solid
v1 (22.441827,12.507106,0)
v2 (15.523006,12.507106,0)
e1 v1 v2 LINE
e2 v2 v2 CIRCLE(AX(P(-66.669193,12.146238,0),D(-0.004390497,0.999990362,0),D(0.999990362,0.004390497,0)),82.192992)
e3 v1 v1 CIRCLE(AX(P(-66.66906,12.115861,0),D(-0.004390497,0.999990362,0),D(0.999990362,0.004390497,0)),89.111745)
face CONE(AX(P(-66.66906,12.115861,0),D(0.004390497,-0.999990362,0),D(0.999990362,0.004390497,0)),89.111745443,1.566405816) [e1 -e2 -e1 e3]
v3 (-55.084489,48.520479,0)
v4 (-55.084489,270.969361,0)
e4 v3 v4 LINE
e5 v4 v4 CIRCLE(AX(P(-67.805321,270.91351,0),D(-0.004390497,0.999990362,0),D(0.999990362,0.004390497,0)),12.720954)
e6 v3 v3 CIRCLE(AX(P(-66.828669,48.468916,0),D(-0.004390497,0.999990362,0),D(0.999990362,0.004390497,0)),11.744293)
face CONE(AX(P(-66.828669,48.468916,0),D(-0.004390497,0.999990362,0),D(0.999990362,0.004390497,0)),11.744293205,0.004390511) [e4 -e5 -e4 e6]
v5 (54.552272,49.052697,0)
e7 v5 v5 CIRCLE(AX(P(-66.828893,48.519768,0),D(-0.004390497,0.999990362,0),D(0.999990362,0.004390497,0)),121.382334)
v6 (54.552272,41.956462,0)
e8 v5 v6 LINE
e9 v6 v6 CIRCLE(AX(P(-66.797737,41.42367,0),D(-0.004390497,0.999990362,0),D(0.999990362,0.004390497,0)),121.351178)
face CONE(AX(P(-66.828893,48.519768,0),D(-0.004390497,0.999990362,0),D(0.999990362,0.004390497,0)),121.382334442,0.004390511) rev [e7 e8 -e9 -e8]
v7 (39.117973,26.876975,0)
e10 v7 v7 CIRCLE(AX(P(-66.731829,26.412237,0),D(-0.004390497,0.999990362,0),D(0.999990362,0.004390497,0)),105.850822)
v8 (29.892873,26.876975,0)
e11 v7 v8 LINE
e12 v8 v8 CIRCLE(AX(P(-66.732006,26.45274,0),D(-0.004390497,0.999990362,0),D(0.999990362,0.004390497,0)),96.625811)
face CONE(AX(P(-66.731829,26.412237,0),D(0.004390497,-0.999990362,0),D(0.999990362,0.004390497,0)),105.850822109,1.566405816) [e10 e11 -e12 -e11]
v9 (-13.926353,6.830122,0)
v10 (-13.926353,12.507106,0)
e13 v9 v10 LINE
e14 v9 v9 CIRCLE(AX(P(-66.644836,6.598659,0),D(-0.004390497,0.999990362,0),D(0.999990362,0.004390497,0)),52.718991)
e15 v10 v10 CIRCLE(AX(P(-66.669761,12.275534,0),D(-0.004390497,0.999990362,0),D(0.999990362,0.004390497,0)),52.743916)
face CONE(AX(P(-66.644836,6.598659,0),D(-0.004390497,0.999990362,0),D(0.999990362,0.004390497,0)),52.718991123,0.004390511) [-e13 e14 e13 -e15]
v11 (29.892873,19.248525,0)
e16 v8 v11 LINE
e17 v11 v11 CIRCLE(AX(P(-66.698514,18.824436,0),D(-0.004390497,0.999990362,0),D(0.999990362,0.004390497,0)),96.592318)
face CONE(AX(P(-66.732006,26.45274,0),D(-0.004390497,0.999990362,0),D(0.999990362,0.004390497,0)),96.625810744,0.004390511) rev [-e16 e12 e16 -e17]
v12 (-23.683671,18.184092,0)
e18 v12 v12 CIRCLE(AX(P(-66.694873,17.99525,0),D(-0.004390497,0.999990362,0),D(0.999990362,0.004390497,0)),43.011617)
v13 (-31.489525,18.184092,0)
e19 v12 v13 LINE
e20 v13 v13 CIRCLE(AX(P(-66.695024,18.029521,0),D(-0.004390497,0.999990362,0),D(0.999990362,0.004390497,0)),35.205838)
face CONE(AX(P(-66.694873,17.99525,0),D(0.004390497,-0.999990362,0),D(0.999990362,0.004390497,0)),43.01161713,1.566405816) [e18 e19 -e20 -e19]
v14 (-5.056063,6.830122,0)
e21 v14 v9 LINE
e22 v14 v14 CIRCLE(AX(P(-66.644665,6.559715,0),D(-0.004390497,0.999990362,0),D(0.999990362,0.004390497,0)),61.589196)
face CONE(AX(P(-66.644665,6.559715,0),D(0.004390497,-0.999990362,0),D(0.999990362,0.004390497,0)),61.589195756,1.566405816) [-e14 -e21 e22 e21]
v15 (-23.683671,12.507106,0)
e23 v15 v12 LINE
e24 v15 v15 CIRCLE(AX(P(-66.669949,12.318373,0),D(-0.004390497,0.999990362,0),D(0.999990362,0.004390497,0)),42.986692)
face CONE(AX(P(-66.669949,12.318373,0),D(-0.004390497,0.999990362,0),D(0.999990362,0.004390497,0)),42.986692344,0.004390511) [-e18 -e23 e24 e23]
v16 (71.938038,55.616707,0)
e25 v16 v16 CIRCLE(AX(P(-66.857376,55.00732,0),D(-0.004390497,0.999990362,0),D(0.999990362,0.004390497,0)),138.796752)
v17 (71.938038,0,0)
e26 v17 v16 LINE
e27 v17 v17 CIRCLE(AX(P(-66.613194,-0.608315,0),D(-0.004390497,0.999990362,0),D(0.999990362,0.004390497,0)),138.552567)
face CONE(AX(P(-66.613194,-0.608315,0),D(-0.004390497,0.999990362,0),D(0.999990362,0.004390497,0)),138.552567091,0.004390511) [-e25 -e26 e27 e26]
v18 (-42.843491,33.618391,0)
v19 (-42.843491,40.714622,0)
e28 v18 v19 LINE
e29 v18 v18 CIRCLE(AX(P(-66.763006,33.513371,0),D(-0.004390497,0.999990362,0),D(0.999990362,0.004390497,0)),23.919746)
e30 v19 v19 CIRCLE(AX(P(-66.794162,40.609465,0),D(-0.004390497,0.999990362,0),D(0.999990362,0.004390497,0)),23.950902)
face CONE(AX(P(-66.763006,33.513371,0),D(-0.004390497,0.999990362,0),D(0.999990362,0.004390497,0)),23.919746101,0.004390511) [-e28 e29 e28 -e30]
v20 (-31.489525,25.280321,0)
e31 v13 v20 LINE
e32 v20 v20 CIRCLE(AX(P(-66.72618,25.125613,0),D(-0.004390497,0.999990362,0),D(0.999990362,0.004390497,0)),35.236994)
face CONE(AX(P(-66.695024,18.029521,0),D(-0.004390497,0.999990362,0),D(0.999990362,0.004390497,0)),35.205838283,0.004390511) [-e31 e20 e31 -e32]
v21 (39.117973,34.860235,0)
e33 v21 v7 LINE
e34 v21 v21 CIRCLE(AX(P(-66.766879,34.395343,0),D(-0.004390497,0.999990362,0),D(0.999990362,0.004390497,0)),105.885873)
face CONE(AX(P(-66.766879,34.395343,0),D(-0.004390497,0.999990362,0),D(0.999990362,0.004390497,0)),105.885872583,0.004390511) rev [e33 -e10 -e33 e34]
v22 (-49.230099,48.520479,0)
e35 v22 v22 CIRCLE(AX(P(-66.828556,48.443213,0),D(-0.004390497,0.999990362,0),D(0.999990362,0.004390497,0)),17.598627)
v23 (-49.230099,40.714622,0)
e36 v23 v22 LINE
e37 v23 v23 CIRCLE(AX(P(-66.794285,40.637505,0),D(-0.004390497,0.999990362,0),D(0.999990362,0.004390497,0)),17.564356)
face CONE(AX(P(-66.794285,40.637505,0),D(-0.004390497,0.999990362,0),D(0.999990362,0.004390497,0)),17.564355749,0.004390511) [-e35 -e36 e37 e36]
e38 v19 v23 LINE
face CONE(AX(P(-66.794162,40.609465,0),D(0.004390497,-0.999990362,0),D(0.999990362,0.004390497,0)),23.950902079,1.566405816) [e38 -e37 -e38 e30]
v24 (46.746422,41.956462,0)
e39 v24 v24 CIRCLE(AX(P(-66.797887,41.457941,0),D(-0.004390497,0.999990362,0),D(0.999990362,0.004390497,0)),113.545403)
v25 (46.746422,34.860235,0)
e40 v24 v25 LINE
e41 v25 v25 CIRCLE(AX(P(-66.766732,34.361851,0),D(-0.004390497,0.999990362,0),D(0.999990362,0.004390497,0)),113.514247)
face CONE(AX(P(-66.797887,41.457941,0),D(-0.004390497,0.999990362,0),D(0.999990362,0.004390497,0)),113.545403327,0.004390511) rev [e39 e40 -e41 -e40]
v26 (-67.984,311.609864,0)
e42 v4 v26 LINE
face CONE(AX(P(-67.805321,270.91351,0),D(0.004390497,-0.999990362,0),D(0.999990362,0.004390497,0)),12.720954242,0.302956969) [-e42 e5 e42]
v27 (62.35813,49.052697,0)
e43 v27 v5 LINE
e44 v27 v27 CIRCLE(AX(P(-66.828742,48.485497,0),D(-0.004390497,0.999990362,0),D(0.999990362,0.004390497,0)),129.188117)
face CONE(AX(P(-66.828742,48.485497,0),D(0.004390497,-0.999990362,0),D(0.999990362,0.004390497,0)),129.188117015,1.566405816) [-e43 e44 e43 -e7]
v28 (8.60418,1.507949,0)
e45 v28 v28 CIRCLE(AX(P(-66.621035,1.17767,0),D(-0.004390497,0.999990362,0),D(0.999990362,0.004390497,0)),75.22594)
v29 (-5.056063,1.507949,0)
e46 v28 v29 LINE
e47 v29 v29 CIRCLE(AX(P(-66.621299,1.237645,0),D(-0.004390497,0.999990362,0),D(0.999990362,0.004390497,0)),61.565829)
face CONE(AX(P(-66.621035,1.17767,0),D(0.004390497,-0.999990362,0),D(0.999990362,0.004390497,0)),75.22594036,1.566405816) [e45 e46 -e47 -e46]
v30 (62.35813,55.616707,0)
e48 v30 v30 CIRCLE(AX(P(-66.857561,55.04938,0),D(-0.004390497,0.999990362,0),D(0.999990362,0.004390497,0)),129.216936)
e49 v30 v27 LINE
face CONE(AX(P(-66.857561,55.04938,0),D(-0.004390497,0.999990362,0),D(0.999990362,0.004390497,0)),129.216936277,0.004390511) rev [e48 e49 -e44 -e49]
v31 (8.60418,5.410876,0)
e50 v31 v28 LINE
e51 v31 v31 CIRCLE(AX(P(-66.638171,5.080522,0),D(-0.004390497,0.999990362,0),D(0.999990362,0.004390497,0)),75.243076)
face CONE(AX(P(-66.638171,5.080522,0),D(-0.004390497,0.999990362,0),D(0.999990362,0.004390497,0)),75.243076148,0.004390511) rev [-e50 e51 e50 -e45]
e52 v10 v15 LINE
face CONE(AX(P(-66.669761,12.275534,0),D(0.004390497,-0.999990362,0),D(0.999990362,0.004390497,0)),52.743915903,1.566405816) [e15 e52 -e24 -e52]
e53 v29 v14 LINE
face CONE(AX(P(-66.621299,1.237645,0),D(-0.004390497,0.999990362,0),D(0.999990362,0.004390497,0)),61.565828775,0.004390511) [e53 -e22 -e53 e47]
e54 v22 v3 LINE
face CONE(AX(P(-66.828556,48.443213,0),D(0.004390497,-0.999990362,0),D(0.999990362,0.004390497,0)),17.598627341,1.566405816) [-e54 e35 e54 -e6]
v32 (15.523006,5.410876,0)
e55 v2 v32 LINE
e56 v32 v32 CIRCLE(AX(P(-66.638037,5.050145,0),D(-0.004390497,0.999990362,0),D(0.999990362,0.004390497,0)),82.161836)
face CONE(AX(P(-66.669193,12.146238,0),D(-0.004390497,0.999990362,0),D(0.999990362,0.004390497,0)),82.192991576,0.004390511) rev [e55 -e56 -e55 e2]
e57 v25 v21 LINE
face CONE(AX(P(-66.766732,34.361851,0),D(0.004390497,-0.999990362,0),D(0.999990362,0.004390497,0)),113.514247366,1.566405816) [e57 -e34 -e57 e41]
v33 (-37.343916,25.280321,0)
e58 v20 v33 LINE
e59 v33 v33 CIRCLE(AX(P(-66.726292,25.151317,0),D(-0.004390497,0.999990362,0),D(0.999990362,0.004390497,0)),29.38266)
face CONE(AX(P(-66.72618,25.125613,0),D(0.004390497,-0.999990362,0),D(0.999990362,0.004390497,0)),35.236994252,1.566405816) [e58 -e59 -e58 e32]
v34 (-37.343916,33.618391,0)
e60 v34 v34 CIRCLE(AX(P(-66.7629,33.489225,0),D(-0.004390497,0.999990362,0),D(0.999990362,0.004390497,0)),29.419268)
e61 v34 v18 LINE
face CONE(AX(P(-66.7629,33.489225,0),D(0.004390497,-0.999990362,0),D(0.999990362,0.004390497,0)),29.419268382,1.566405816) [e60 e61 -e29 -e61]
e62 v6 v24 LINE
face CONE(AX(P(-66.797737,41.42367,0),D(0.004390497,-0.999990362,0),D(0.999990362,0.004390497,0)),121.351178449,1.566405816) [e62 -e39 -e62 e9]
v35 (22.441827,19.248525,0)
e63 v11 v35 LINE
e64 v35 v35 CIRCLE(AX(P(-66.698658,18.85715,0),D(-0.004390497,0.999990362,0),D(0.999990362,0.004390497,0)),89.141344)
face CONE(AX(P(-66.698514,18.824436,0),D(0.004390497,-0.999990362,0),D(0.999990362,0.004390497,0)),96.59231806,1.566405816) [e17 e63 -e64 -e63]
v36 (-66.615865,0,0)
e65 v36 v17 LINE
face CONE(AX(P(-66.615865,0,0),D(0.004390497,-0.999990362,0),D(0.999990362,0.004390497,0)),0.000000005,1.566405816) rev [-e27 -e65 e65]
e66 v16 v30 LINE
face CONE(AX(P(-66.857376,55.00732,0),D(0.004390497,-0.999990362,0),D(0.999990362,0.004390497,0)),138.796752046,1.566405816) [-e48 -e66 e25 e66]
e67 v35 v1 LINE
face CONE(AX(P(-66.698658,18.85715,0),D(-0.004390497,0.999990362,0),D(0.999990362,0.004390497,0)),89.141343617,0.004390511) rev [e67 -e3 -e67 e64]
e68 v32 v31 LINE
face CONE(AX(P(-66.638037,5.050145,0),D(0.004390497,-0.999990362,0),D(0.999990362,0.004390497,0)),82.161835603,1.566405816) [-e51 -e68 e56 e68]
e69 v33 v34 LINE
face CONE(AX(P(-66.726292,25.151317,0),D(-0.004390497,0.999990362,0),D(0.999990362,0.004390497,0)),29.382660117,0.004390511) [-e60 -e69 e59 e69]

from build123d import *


with BuildPart() as f1:
    # F0 (on Top) → F1 (revolve)
    with BuildSketch(Plane.XY):
        Polygon((-66.6158646345, 0), (71.9380378723, 0), (71.9380378723, 55.6167066097), (62.3581297696, 55.6167066097), (62.3581297696, 49.0526966751), (54.5522719622, 49.0526966751), (54.5522719622, 41.956461966), (46.7464216053, 41.956461966), (46.7464216053, 34.8602347076), (39.1179732978, 34.8602347076), (39.1179732978, 26.8769748509), (29.892873019, 26.8769748509), (29.892873019, 19.2485246807), (22.4418267608, 19.2485246807), (22.4418267608, 12.5071061775), (15.5230062082, 12.5071061775), (15.5230062082, 5.4108761251), (8.6041800678, 5.4108761251), (8.6041800678, 1.507949084), (-5.0560631789, 1.507949084), (-5.0560631789, 6.8301218562), (-13.9263533056, 6.8301218562), (-13.9263533056, 12.5071061775), (-23.6836709082, 12.5071061775), (-23.6836709082, 18.1840918958), (-31.4895249903, 18.1840918958), (-31.4895249903, 25.2803210169), (-37.3439155519, 25.2803210169), (-37.3439155519, 33.6183905602), (-42.843490839, 33.6183905602), (-42.843490839, 40.7146215439), (-49.2300987244, 40.7146215439), (-49.2300987244, 48.5204793513), (-55.0844892859, 48.5204793513), (-55.0844892859, 170.8428710699), (-55.0844892859, 270.9693610668), (-67.9839998484, 311.6098642349), align=None)
    revolve(axis=Axis((-67.2999322414, 155.8049321175, 0), (-0.0043904965, 0.9999903617, 0)))


solid = f1.part
